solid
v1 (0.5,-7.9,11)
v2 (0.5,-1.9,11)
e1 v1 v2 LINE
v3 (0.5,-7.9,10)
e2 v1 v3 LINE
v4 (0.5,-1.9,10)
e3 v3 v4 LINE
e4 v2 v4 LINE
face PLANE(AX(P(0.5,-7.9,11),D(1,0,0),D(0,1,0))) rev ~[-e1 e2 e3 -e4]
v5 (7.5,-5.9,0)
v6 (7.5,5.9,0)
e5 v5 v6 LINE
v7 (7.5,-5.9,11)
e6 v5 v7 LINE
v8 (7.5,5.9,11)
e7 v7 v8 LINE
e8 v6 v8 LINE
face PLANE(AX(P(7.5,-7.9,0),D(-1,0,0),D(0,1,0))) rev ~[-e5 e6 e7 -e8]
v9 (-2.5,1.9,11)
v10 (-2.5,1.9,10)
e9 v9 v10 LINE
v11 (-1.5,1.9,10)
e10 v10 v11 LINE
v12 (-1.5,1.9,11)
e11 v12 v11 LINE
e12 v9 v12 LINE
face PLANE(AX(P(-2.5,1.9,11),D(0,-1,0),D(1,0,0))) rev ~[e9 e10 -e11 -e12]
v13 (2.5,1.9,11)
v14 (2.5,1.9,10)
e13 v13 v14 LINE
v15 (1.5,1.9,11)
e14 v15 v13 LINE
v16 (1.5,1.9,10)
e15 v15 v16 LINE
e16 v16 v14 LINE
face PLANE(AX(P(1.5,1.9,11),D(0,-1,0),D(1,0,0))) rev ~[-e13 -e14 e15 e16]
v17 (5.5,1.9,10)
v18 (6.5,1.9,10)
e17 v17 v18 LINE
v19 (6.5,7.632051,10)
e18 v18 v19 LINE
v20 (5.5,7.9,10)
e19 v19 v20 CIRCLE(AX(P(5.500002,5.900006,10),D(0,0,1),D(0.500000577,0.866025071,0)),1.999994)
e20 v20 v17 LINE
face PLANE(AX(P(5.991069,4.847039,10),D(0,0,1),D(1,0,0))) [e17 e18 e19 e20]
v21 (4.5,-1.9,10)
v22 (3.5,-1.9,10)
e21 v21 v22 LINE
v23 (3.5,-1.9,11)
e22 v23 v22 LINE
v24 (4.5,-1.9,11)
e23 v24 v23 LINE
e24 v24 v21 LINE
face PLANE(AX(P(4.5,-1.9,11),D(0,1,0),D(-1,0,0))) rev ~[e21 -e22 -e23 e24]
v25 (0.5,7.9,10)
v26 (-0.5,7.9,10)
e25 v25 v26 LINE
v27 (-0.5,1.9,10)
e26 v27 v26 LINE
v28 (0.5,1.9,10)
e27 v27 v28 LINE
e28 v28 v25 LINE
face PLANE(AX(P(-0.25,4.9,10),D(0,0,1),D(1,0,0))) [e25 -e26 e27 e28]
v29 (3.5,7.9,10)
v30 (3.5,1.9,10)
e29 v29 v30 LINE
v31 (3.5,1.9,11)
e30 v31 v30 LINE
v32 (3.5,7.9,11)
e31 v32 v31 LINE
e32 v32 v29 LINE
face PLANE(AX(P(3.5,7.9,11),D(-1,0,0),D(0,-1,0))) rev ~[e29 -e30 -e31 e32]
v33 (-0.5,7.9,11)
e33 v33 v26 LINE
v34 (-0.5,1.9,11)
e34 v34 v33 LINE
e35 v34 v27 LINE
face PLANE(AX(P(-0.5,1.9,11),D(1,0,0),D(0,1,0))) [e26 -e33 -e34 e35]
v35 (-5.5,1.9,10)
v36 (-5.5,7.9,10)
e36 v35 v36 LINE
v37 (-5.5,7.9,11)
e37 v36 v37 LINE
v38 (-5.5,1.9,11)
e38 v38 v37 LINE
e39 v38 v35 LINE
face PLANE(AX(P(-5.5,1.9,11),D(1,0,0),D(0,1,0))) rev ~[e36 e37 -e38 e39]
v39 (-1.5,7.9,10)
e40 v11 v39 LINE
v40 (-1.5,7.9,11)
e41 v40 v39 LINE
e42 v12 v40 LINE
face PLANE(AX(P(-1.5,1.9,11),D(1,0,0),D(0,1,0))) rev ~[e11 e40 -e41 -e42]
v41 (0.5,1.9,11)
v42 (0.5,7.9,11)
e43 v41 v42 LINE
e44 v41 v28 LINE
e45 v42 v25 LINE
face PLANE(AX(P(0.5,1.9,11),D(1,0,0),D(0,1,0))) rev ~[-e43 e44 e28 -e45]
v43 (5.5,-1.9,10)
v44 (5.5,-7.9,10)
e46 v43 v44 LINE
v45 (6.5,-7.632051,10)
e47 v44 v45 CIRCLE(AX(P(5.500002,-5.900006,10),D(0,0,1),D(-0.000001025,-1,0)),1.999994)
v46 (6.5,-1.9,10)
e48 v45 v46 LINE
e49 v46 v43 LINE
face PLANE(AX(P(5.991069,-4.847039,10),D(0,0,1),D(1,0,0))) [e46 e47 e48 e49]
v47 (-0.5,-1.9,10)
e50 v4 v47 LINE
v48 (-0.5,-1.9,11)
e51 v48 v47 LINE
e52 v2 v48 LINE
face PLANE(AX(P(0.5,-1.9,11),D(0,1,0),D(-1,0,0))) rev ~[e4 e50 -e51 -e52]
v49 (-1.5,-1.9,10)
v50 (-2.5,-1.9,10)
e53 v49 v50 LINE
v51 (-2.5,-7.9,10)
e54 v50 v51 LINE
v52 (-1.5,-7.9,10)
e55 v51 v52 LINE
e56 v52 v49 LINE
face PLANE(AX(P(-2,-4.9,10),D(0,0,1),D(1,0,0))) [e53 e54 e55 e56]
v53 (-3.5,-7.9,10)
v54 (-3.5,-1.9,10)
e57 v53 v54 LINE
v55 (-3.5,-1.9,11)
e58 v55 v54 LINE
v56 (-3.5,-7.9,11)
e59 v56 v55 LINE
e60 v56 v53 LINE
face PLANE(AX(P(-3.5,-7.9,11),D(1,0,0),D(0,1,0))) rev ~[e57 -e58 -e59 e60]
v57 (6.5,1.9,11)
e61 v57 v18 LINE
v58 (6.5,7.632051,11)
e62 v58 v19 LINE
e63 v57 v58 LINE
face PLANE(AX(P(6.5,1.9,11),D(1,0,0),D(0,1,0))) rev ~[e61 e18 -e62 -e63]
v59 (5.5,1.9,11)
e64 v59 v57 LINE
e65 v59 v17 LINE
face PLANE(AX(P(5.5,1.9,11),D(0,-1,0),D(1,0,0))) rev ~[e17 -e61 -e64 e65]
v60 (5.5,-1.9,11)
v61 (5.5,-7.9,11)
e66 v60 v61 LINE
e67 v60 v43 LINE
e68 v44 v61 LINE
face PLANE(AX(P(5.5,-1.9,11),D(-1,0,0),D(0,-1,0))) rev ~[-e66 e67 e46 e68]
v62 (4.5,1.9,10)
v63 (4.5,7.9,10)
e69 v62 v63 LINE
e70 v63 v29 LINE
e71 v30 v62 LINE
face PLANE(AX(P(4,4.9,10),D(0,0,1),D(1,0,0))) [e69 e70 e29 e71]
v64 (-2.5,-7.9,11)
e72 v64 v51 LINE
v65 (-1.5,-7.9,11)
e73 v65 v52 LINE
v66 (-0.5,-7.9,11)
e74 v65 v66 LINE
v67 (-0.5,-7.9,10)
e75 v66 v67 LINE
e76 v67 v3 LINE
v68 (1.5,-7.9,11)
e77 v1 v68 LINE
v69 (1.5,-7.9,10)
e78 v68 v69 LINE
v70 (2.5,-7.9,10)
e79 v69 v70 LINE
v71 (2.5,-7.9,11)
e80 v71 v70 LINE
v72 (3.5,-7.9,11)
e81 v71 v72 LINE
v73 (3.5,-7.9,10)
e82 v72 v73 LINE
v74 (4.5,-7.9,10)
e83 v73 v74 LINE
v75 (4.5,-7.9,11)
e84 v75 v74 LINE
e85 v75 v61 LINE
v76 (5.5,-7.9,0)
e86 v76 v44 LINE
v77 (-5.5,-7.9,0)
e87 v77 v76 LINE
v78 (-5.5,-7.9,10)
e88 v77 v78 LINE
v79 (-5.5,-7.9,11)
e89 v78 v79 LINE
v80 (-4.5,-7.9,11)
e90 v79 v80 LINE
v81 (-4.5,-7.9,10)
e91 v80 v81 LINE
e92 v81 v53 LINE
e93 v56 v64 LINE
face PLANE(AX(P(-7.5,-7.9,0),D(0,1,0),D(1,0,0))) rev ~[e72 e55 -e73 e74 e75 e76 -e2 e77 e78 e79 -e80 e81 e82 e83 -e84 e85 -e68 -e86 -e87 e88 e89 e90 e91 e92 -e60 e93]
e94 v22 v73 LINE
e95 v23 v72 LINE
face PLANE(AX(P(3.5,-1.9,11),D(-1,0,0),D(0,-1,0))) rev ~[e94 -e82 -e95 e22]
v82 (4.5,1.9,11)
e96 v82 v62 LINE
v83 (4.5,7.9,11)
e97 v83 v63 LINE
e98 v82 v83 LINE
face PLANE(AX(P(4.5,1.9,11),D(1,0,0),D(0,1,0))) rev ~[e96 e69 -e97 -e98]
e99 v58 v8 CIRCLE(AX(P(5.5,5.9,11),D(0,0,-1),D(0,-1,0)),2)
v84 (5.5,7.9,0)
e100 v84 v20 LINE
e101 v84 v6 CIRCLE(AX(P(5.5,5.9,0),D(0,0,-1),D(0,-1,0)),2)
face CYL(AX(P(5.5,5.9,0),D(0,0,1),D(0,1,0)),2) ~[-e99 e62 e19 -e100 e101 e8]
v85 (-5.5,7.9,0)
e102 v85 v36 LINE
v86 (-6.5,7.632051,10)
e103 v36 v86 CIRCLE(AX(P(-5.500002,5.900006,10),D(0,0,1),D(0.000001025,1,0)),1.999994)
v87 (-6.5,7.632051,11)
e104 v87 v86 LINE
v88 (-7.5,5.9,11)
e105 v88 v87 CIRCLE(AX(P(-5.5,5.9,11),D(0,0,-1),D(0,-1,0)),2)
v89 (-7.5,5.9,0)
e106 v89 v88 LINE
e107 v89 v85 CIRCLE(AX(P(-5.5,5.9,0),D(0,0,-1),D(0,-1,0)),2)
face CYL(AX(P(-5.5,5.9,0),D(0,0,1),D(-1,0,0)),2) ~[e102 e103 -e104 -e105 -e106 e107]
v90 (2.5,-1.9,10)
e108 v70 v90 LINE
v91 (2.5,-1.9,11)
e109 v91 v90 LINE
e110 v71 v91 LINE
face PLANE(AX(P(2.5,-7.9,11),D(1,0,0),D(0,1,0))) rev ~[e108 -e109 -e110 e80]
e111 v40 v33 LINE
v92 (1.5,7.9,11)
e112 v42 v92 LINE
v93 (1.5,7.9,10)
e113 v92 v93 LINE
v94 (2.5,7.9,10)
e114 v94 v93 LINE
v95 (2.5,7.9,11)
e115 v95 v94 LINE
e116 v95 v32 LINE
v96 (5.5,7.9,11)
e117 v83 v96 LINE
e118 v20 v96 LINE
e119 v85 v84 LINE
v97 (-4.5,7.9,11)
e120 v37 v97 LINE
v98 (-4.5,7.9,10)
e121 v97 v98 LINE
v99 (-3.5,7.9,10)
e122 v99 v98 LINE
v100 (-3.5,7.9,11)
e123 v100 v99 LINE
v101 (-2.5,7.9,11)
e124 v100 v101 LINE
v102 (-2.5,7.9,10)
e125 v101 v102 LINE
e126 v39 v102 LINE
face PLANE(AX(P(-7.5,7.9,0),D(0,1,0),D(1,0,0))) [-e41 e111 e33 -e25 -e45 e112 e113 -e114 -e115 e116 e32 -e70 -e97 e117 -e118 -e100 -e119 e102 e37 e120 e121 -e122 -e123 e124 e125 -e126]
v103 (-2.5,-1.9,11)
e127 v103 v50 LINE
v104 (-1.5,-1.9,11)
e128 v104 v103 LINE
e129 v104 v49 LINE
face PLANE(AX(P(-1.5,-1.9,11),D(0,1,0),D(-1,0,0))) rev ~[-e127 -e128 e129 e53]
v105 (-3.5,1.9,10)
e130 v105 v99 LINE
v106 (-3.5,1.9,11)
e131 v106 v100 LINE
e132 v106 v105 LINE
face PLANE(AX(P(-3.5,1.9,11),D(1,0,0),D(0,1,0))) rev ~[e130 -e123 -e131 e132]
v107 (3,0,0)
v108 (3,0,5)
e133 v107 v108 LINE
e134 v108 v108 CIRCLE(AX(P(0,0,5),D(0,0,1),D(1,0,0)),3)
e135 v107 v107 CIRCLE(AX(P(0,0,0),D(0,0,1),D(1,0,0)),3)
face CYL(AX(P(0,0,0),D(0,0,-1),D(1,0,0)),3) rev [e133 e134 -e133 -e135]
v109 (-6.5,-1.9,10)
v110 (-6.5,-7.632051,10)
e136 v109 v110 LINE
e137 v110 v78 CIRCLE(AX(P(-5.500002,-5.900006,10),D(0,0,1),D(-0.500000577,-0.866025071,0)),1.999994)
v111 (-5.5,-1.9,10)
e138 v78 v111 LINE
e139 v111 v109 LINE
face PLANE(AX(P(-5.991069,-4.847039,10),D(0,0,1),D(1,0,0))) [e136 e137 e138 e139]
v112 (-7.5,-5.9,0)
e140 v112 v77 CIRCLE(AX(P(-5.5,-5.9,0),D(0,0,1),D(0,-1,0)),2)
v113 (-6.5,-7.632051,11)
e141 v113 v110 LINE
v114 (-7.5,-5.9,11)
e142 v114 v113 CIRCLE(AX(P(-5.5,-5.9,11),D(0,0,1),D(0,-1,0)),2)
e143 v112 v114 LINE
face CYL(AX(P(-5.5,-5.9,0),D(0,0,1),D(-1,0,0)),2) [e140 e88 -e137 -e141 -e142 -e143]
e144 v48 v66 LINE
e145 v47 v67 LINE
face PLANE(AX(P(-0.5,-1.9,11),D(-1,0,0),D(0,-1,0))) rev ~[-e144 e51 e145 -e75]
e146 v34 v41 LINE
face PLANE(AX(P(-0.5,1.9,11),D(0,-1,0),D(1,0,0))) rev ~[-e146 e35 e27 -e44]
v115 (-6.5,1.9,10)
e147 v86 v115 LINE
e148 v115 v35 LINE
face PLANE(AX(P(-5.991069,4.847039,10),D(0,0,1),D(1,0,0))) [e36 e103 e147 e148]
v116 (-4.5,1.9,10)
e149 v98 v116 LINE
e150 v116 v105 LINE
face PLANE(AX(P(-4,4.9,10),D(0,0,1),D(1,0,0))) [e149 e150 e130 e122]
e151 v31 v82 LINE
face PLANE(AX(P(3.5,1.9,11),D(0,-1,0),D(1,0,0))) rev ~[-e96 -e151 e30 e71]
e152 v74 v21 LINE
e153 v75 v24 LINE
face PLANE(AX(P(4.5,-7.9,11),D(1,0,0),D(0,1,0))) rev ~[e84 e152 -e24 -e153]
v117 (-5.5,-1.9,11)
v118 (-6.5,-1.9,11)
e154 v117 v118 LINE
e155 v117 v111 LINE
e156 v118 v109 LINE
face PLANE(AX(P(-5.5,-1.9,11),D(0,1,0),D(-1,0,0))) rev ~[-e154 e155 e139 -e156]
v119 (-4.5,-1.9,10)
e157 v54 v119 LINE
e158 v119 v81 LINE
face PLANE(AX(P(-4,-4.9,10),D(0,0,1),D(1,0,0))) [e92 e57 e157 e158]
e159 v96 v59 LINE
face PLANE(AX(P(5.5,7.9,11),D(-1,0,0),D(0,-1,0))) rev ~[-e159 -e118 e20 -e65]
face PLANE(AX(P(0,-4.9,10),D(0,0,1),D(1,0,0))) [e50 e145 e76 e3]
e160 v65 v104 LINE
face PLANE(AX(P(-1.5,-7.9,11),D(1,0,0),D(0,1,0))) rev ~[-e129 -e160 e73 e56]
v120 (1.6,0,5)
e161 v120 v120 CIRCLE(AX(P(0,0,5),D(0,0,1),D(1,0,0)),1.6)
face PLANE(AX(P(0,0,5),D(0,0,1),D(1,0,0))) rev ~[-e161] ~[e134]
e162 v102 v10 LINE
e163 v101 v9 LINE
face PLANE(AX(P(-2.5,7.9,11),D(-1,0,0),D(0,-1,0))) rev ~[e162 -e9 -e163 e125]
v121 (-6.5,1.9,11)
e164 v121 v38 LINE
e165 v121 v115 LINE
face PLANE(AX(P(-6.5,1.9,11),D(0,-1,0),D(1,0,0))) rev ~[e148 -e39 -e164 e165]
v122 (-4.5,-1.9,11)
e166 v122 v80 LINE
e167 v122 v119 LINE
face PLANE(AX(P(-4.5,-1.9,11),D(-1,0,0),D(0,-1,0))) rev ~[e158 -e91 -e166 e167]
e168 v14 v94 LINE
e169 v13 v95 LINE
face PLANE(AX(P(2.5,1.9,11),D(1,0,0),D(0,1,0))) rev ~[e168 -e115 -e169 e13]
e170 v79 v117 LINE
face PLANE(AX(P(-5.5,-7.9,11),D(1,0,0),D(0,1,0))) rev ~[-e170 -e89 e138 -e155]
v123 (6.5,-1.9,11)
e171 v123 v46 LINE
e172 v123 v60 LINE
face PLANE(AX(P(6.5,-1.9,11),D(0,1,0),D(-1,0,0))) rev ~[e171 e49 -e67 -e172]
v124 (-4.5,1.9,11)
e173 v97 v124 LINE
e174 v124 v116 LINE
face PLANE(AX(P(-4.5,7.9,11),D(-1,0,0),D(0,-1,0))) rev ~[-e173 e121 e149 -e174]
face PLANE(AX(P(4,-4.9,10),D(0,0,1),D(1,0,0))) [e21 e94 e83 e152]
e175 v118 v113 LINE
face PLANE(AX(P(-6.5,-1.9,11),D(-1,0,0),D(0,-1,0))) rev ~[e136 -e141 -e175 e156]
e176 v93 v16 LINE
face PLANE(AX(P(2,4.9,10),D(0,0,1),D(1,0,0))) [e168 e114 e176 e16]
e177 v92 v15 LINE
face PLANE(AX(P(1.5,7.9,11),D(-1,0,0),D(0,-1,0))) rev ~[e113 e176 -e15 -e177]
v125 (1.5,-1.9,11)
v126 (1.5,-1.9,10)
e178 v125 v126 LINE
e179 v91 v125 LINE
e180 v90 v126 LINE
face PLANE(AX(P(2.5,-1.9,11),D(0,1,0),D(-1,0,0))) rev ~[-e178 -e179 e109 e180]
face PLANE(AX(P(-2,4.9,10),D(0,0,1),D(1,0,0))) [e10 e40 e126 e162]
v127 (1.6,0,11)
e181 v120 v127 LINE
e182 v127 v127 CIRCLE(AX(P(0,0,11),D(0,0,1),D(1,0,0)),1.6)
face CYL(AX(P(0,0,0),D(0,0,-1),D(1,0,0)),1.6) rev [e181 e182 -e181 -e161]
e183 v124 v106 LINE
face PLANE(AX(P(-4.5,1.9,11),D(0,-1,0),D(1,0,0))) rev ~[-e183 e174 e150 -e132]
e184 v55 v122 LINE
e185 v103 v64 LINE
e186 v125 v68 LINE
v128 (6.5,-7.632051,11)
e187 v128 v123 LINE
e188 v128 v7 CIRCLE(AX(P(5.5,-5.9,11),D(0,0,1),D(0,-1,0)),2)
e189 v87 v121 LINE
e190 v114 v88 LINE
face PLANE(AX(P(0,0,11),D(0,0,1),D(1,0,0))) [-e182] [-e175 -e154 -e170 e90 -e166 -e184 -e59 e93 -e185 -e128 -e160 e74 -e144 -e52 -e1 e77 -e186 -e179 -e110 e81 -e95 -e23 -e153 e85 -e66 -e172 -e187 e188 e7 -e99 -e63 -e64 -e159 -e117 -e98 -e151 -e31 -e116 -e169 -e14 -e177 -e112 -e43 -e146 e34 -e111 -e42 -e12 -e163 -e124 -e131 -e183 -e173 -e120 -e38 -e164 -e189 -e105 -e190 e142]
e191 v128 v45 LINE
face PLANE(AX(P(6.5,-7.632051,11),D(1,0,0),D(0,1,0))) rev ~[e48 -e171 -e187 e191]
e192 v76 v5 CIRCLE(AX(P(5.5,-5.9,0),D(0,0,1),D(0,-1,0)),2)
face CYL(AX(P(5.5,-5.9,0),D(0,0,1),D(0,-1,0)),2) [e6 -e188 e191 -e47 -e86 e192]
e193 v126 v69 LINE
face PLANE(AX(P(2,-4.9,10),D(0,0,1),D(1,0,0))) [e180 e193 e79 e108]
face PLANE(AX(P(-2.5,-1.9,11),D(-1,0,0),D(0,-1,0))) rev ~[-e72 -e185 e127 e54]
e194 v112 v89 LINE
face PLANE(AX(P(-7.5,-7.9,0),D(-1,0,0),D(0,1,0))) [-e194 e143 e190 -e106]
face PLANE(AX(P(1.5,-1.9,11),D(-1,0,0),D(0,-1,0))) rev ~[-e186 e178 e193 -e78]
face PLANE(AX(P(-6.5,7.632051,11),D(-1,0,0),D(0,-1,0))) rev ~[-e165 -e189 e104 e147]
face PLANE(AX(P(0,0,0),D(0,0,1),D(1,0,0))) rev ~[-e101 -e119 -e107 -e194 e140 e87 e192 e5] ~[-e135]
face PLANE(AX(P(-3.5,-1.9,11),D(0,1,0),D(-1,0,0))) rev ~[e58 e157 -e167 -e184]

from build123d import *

# Parameters (mm, degrees)
F0_W     = 15
F0_H     = 15.8
F0_R     = 3
F0_R_2   = 1.6
F1_DEPTH = 11
F2_DEPTH = 5
F3_R     = 2
F4_W     = 0.5
F4_H     = 6
F5_DEPTH = 1


with BuildPart() as f1:
    # F0 (on Top) → F1 (new body)
    with BuildSketch(Plane.XY):
        Rectangle(F0_W, F0_H)
        Circle(F0_R, mode=Mode.SUBTRACT)
        Circle(F0_R)
        Circle(F0_R_2, mode=Mode.SUBTRACT)
    extrude(amount=F1_DEPTH)

    # F0 (on Top) → F2 (cut)
    with BuildSketch(Plane.XY):
        Circle(F0_R)
        Circle(F0_R_2, mode=Mode.SUBTRACT)
    extrude(amount=F2_DEPTH, mode=Mode.SUBTRACT)

    # F3
    f3_edges = [f1.edges().sort_by_distance(p)[0] for p in [
        (-7.5, 7.9, 5.5),
        (-7.5, -7.9, 5.5),
        (7.5, -7.9, 5.5),
        (7.5, 7.9, 5.5),
    ]]
    fillet(f3_edges, radius=F3_R)

    # F4 (on face) → F5 (cut)
    with BuildSketch(Plane.XY.offset(11)):
        with Locations((-0.25, 4.9)):
            Rectangle(F4_W, F4_H)
        with Locations((0.25, 4.9)):
            Rectangle(F4_W, F4_H)
        Polygon((2, 7.9), (1.5, 7.9), (1.5, 1.9), (2, 1.9), (2.5, 1.9), (2.5, 7.9), align=None)
        Polygon((4, 7.9), (3.5, 7.9), (3.5, 1.9), (4, 1.9), (4.5, 1.9), (4.5, 7.9), align=None)
        with BuildLine():
            ThreePointArc((6.5, 7.632051), (6.017638, 7.831852), (5.5, 7.9))
            Line((5.5, 7.9), (5.5, 1.9))
            Line((5.5, 1.9), (6, 1.9))
            Line((6, 1.9), (6.5, 1.9))
            Line((6.5, 1.9), (6.5, 7.632051))
        make_face()
        Polygon((-1.5, 1.9), (-1.5, 7.9), (-2, 7.9), (-2.5, 7.9), (-2.5, 1.9), (-2, 1.9), align=None)
        Polygon((-3.5, 1.9), (-3.5, 7.9), (-4, 7.9), (-4.5, 7.9), (-4.5, 1.9), (-4, 1.9), align=None)
        with BuildLine():
            Line((-5.5, 1.9), (-5.5, 7.9))
            ThreePointArc((-5.5, 7.9), (-6.017638, 7.831852), (-6.5, 7.632051))
            Line((-6.5, 7.632051), (-6.5, 1.9))
            Line((-6.5, 1.9), (-6, 1.9))
            Line((-6, 1.9), (-5.5, 1.9))
        make_face()
        with BuildLine():
            Line((-6.5, -1.9), (-6.5, -7.632051))
            ThreePointArc((-6.5, -7.632051), (-6.017638, -7.831852), (-5.5, -7.9))
            Line((-5.5, -7.9), (-5.5, -1.9))
            Line((-5.5, -1.9), (-6, -1.9))
            Line((-6, -1.9), (-6.5, -1.9))
        make_face()
        Polygon((-4.5, -1.9), (-4.5, -7.9), (-4, -7.9), (-3.5, -7.9), (-3.5, -1.9), (-4, -1.9), align=None)
        Polygon((-2.5, -1.9), (-2.5, -7.9), (-2, -7.9), (-1.5, -7.9), (-1.5, -1.9), (-2, -1.9), align=None)
        Polygon((0, -7.9), (0.5, -7.9), (0.5, -1.9), (0, -1.9), (-0.5, -1.9), (-0.5, -7.9), align=None)
        Polygon((2, -7.9), (2.5, -7.9), (2.5, -1.9), (2, -1.9), (1.5, -1.9), (1.5, -7.9), align=None)
        Polygon((4, -7.9), (4.5, -7.9), (4.5, -1.9), (4, -1.9), (3.5, -1.9), (3.5, -7.9), align=None)
        with BuildLine():
            ThreePointArc((5.5, -7.9), (6.017638, -7.831852), (6.5, -7.632051))
            Line((6.5, -7.632051), (6.5, -1.9))
            Line((6.5, -1.9), (6, -1.9))
            Line((6, -1.9), (5.5, -1.9))
            Line((5.5, -1.9), (5.5, -7.9))
        make_face()
    extrude(amount=-F5_DEPTH, mode=Mode.SUBTRACT)


solid = f1.part
